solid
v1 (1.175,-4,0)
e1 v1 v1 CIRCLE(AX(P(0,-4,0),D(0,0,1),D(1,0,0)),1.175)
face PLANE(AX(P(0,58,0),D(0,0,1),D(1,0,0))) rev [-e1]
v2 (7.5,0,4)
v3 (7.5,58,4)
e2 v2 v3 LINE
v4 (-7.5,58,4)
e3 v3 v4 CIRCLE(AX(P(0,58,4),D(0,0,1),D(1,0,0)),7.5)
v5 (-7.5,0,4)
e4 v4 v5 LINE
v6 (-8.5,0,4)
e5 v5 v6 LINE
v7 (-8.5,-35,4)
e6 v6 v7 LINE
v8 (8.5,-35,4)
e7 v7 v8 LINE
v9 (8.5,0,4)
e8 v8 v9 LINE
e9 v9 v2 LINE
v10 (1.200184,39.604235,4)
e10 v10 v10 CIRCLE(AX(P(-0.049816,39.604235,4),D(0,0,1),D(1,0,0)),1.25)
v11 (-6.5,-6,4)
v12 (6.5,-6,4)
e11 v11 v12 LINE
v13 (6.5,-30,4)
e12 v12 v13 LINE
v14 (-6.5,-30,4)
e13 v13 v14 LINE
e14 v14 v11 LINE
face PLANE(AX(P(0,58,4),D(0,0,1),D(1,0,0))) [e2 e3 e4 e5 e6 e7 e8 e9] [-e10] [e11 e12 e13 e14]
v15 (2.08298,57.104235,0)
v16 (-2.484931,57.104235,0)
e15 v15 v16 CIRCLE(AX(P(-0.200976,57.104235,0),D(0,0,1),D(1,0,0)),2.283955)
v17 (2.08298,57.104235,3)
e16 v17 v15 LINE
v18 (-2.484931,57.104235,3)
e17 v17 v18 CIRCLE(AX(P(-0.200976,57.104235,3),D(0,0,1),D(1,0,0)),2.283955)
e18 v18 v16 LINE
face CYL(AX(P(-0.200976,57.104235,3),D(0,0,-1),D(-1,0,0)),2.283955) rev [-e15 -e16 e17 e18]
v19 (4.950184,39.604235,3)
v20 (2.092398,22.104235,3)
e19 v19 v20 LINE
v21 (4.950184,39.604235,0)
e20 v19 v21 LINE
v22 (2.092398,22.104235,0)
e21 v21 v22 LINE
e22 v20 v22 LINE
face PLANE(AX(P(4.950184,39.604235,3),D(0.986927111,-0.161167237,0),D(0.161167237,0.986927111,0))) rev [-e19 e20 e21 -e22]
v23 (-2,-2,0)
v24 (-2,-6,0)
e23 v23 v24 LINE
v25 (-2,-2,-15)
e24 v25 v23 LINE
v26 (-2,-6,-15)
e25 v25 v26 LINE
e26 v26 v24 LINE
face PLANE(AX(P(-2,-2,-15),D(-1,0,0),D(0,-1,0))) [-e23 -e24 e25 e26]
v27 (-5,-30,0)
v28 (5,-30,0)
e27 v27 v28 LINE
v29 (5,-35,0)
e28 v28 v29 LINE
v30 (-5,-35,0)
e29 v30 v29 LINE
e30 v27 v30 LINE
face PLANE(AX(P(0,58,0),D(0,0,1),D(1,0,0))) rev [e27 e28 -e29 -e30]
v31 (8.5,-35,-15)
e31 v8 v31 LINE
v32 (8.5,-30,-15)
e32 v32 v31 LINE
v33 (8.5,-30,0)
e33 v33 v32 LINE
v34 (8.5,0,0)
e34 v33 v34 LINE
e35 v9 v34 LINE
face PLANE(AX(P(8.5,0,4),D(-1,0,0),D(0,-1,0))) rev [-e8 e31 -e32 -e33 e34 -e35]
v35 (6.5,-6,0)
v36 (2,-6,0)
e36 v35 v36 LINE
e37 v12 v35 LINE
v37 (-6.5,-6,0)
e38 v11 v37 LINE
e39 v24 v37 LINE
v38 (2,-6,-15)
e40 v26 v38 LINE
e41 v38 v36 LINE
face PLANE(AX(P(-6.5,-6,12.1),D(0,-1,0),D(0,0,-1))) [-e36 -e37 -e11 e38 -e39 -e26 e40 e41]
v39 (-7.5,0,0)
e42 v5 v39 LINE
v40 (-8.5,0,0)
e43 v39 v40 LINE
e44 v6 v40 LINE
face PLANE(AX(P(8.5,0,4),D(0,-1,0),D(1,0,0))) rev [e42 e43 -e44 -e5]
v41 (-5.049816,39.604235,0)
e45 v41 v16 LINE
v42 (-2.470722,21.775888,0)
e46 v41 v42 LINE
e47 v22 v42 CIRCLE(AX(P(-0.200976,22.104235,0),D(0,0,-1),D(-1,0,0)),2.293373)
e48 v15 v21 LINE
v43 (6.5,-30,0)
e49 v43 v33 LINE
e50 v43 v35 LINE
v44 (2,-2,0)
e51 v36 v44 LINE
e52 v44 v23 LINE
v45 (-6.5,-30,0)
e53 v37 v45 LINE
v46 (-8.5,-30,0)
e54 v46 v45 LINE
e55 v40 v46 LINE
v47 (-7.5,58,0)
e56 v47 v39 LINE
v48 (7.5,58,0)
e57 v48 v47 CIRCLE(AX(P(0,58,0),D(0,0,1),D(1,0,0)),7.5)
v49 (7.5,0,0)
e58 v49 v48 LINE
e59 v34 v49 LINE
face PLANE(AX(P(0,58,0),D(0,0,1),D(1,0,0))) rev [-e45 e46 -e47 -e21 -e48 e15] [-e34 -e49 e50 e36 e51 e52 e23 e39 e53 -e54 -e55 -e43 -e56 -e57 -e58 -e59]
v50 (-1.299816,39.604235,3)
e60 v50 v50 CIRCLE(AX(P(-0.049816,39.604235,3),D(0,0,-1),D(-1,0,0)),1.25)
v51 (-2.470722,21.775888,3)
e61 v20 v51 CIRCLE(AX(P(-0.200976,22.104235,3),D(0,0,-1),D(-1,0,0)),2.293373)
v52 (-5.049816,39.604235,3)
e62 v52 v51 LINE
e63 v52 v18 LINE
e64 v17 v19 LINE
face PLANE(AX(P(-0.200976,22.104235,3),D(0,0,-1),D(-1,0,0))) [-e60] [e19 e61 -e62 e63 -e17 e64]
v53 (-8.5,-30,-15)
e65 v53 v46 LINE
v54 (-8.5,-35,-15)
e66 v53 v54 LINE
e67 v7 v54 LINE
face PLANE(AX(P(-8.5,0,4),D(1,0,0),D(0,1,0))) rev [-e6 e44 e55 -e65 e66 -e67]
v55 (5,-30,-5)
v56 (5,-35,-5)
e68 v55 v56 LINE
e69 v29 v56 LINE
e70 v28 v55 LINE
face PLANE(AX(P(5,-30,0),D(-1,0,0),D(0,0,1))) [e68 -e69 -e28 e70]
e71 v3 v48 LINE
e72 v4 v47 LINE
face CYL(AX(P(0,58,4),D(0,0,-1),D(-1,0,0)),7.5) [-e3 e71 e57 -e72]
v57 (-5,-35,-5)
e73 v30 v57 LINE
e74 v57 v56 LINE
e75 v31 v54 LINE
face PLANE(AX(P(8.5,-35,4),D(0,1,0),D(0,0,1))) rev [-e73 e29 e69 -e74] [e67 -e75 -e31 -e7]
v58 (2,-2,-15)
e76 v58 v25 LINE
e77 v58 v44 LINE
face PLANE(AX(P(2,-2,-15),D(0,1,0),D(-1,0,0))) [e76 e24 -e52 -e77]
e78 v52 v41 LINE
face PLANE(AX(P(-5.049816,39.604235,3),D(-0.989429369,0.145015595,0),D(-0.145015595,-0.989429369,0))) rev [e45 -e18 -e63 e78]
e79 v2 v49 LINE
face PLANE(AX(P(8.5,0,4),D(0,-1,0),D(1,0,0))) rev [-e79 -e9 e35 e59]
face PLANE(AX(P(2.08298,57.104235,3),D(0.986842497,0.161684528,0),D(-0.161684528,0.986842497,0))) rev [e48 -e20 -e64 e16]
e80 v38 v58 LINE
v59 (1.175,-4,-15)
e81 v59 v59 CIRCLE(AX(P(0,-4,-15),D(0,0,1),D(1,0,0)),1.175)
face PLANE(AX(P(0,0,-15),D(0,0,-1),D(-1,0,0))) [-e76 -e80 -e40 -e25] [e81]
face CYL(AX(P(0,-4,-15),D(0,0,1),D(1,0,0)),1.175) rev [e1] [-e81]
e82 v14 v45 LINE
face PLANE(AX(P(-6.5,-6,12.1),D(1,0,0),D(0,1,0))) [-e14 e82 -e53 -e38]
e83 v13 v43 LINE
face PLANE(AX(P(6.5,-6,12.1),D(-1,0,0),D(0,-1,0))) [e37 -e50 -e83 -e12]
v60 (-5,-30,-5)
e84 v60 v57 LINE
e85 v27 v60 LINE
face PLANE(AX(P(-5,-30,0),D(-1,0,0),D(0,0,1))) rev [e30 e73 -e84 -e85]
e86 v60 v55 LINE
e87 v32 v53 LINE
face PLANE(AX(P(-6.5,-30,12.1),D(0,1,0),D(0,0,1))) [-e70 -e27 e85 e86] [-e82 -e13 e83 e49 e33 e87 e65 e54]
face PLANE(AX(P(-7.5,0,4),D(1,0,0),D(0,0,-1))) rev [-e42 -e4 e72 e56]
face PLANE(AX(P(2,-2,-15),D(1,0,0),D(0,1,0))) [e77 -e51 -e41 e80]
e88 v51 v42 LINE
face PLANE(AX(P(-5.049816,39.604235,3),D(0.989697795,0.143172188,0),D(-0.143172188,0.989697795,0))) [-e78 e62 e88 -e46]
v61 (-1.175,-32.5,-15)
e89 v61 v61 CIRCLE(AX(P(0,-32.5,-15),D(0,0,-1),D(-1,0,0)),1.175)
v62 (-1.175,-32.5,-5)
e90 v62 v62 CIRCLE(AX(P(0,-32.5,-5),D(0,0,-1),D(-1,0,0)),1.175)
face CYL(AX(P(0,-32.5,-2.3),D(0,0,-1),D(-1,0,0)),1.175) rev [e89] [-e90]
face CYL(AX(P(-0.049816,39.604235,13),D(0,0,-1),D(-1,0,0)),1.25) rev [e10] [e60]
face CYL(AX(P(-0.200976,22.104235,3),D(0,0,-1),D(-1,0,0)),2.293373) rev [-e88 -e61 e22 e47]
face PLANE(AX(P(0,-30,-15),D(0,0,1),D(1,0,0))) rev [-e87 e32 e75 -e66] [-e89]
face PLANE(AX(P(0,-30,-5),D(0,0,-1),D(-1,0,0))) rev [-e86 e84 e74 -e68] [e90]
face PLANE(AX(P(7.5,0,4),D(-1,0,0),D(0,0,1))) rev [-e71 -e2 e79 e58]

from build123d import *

# Parameters (mm, degrees)
EXTRUDE_1_DEPTH     = 4
SKETCH_6_W          = 17
SKETCH_6_H          = 35
EXTRUDE_2_DEPTH     = 4
SKETCH_7_W          = 13
SKETCH_7_H          = 24
CUT_EXTRUDE_3_DEPTH = 12.1
SKETCH_8_W          = 4
SKETCH_8_H          = 4
SKETCH_8_R          = 1.175
EXTRUDE_3_DEPTH     = 15
EXTRUDE_4_DEPTH     = 5
SKETCH_10_R         = 1.175
CUT_EXTRUDE_4_DEPTH = 12.7
CUT_EXTRUDE_6_DEPTH = 3
SKETCH_13_R         = 1.25
CUT_EXTRUDE_7_DEPTH = 13


with BuildPart() as part:
    # 草圖1 → 填料-伸長1 (new body)
    with BuildSketch(Plane.XY):
        with BuildLine():
            Line((7.5, 0), (7.5, 58))
            ThreePointArc((7.5, 58), (0, 65.5), (-7.5, 58))
            Line((-7.5, 58), (-7.5, 0))
            Line((-7.5, 0), (7.5, 0))
        make_face()
    extrude(amount=EXTRUDE_1_DEPTH)

    # 草圖6 → 填料-伸長2 (add)
    with BuildSketch(Plane.XY):
        with Locations((0, -17.5)):
            Rectangle(SKETCH_6_W, SKETCH_6_H)
    extrude(amount=EXTRUDE_2_DEPTH)

    # 草圖7 → 除料-伸長3 (cut)
    with BuildSketch(Plane.XY):
        with Locations((0, -18)):
            Rectangle(SKETCH_7_W, SKETCH_7_H)
    extrude(amount=CUT_EXTRUDE_3_DEPTH, mode=Mode.SUBTRACT)

    # 草圖8 → 填料-伸長3 (add)
    with BuildSketch(Plane.XY):
        with Locations((0, -4)):
            Rectangle(SKETCH_8_W, SKETCH_8_H)
        with Locations((0, -4)):
            Circle(SKETCH_8_R, mode=Mode.SUBTRACT)
    extrude(amount=-EXTRUDE_3_DEPTH)

    # 草圖9 → 填料-伸長4 (add)
    with BuildSketch(Plane(origin=(0, -35, 0), x_dir=(1, 0, 0), z_dir=(0, 1, 0))):
        Polygon((-8.5, 0), (-5, 0), (-5, 5), (5, 5), (5, 0), (8.5, 0), (8.5, 15), (-8.5, 15), align=None)
    extrude(amount=EXTRUDE_4_DEPTH)

    # 草圖10 → 除料-伸長4 (cut)
    with BuildSketch(Plane(origin=(0, 0, -15), x_dir=(-1, 0, 0), z_dir=(0, 0, -1))):
        with Locations((0, -32.5)):
            Circle(SKETCH_10_R)
    extrude(amount=-CUT_EXTRUDE_4_DEPTH, mode=Mode.SUBTRACT)

    # 草圖11 → 除料-伸長6 (cut)
    with BuildSketch(Plane(origin=(0, 0, 0), x_dir=(-1, 0, 0), z_dir=(0, 0, -1))):
        with BuildLine():
            Line((5.049815955, 39.60423521), (2.470722118, 21.775887923))
            ThreePointArc((2.470722118, 21.775887923), (0.036377399, 19.816776136), (-2.09239788, 22.10423521))
            Line((-2.09239788, 22.10423521), (-4.950184045, 39.60423521))
            Line((-4.950184045, 39.60423521), (-2.082979546, 57.10423521))
            ThreePointArc((-2.082979546, 57.10423521), (0.200975521, 59.388190276), (2.484930588, 57.10423521))
            Line((2.484930588, 57.10423521), (5.049815955, 39.60423521))
        make_face()
    extrude(amount=-CUT_EXTRUDE_6_DEPTH, mode=Mode.SUBTRACT)

    # 草圖13 → 除料-伸長7 (cut)
    with BuildSketch(Plane(origin=(0, 0, 0), x_dir=(-1, 0, 0), z_dir=(0, 0, -1))):
        with Locations((0.049815955, 39.60423521)):
            Circle(SKETCH_13_R)
    extrude(amount=-CUT_EXTRUDE_7_DEPTH, mode=Mode.SUBTRACT)


solid = part.part
